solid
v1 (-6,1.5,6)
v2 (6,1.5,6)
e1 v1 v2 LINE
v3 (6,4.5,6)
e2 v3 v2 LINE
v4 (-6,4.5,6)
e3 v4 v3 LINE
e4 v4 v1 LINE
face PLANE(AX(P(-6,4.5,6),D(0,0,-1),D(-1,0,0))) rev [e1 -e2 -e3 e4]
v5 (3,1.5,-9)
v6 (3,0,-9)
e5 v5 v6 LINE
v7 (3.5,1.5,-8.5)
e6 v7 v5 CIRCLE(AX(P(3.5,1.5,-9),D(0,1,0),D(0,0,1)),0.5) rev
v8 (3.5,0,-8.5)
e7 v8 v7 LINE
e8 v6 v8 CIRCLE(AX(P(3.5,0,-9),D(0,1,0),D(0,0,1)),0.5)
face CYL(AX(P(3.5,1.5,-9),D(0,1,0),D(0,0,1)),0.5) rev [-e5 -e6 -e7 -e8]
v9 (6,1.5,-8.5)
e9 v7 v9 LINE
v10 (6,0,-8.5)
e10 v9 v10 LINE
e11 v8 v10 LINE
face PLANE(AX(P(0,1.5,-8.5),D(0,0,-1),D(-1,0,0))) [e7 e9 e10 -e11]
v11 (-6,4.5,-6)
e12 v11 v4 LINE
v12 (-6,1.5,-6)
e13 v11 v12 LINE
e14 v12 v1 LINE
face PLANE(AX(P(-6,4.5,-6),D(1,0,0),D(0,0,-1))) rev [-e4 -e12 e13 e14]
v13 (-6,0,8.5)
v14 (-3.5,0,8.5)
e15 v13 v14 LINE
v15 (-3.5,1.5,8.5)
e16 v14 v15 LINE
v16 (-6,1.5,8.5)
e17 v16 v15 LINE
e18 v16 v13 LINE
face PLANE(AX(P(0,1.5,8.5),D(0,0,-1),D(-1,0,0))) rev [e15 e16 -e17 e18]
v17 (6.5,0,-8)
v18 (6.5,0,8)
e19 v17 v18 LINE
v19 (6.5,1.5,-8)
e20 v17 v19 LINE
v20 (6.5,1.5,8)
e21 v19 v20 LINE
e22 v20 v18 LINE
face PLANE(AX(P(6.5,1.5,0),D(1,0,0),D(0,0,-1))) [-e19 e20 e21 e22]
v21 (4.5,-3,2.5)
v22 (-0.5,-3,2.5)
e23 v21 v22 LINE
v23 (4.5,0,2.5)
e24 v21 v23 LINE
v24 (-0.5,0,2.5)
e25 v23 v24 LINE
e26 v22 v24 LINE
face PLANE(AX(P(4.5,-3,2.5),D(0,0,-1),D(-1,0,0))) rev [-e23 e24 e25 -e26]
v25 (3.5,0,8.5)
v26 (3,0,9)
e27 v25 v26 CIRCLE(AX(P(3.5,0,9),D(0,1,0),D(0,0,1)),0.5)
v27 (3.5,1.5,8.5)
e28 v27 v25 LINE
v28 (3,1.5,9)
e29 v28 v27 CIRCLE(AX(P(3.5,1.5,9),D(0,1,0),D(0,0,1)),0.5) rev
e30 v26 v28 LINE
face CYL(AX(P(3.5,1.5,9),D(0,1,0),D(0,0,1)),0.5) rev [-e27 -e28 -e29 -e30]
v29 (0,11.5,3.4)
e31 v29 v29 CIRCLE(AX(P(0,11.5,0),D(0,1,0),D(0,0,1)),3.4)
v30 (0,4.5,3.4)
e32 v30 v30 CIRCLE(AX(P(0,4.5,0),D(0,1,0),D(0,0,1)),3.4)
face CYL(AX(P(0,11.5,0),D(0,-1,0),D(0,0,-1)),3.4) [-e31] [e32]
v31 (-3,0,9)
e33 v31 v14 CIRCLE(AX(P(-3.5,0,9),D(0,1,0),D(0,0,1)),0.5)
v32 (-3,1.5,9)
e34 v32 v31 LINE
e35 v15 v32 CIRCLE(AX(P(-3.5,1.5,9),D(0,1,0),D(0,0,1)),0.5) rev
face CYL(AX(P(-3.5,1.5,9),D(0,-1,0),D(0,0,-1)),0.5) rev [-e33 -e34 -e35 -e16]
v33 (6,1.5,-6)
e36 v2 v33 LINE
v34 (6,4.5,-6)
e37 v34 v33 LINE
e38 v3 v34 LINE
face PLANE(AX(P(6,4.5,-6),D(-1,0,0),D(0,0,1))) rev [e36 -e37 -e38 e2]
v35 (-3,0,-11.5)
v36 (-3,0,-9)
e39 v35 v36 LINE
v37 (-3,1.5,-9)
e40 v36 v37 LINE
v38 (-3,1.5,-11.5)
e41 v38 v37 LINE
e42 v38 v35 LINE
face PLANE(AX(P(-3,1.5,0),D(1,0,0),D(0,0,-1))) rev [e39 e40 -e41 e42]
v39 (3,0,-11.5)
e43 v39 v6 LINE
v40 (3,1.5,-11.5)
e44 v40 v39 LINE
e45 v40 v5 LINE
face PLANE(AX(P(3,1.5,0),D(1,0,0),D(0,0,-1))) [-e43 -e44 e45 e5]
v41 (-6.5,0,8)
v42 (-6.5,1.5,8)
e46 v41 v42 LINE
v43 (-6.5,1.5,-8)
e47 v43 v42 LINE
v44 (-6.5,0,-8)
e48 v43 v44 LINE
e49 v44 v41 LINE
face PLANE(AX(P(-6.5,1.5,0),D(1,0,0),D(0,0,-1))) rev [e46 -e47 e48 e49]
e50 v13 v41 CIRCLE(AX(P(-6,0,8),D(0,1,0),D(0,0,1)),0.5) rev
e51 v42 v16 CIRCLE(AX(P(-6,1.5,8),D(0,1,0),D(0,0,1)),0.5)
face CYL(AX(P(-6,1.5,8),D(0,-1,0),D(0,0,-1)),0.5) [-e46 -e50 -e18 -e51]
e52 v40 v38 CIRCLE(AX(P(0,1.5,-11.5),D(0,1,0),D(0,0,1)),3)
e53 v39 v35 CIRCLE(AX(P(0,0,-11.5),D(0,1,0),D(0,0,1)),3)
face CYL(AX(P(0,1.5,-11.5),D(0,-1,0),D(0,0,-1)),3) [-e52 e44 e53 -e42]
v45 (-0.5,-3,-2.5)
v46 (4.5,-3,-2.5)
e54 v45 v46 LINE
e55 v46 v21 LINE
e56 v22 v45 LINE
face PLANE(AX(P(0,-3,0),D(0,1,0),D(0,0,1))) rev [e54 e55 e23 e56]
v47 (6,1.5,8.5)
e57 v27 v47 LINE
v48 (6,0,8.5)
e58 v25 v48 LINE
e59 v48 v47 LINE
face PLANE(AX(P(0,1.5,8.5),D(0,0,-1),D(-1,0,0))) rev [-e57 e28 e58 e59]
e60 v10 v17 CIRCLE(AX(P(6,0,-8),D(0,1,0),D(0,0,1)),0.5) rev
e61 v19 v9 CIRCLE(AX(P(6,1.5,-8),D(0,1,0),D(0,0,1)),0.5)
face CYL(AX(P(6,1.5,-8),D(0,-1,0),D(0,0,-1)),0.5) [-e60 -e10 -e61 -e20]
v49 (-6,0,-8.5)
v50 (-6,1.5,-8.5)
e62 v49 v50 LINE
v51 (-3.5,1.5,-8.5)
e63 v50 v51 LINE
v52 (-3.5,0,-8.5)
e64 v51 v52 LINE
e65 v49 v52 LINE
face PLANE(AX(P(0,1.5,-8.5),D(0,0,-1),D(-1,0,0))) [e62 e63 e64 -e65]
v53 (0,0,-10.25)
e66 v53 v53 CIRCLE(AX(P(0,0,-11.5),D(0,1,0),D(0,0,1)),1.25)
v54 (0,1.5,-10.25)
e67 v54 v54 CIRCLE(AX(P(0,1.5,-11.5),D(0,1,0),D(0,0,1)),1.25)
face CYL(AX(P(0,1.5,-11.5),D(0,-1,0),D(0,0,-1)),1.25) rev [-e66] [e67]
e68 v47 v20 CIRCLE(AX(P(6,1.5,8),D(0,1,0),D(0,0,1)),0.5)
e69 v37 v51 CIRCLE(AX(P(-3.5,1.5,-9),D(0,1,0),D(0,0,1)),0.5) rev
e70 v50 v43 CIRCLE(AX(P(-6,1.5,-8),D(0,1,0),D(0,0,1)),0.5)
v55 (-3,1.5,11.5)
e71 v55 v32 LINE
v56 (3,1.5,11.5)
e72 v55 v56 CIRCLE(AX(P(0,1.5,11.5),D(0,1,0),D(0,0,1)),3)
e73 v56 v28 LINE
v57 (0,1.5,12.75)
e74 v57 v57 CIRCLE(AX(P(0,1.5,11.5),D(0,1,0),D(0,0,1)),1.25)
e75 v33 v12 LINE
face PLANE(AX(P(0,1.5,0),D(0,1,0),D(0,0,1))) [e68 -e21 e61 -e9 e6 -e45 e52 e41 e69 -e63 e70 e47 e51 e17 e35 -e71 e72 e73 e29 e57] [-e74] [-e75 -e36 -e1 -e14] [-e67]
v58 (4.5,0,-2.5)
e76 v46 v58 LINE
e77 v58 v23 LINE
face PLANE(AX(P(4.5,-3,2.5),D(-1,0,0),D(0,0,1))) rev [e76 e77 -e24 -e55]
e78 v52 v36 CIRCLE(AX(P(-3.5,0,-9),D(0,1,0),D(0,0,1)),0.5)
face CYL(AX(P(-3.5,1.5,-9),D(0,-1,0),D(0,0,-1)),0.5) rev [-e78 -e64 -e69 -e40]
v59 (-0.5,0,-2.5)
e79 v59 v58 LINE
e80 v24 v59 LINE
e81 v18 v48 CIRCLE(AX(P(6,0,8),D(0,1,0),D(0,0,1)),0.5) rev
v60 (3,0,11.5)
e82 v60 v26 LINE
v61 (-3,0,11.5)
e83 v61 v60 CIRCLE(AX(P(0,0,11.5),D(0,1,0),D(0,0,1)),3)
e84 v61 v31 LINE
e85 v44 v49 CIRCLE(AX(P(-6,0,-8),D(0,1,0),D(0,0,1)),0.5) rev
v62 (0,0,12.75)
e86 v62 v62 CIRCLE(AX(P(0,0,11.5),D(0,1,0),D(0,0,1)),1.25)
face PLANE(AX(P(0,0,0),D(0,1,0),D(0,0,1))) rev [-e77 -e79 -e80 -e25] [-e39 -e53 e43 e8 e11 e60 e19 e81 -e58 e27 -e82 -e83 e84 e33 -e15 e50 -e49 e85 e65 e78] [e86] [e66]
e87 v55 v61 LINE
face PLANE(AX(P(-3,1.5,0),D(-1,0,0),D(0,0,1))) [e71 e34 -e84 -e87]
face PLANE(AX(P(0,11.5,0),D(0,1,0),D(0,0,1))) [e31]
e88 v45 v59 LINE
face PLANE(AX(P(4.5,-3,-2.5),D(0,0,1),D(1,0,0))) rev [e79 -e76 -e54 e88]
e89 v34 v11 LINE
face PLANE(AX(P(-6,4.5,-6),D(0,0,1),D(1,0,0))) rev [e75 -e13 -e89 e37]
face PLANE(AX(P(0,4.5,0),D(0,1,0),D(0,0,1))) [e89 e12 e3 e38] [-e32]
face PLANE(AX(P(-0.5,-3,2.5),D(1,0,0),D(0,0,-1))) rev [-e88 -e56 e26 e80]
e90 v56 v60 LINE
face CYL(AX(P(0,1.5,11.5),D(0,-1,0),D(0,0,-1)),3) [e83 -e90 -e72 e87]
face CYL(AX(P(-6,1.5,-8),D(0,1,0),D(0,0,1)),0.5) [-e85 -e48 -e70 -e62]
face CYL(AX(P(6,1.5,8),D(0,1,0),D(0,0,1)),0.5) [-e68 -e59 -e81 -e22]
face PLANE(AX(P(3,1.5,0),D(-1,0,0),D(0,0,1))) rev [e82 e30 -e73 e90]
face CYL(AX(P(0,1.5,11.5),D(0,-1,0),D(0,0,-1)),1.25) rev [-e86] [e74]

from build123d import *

# Parameters (mm, degrees)
SKETCH_1_R      = 1.25
PCB_DEPTH       = 1.5
SKETCH_6_W      = 5
SKETCH_6_H      = 5
EXTRUDE_2_DEPTH = 3
SKETCH_3_W      = 12
SKETCH_3_H      = 12
BUTTON_DEPTH    = 3
SKETCH_7_R      = 3.4
EXTRUDE_3_DEPTH = 7
FILLET_1_R      = 0.5


with BuildPart() as part:
    # 草图1 → 凸台-拉伸-PCB板 (new body)
    with BuildSketch(Plane(origin=(0, 0, 0), x_dir=(1, 0, 0), z_dir=(0, 1, 0))):
        with BuildLine():
            Line((-3, -8.5), (-3, -11.5))
            ThreePointArc((-3, -11.5), (0, -14.5), (3, -11.5))
            Line((3, -11.5), (3, -8.5))
            Line((3, -8.5), (6.5, -8.5))
            Line((6.5, -8.5), (6.5, 8.5))
            Line((6.5, 8.5), (3, 8.5))
            Line((3, 8.5), (3, 11.5))
            ThreePointArc((3, 11.5), (0, 14.5), (-3, 11.5))
            Line((-3, 11.5), (-3, 8.5))
            Line((-3, 8.5), (-6.5, 8.5))
            Line((-6.5, 8.5), (-6.5, -8.5))
            Line((-6.5, -8.5), (-3, -8.5))
        make_face()
        with Locations((0, -11.5)):
            Circle(SKETCH_1_R, mode=Mode.SUBTRACT)
        with Locations((0, 11.5)):
            Circle(SKETCH_1_R, mode=Mode.SUBTRACT)
    extrude(amount=PCB_DEPTH)

    # 草图6 → 凸台-拉伸2 (add)
    with BuildSketch(Plane.XZ):
        with Locations((2, 0)):
            Rectangle(SKETCH_6_W, SKETCH_6_H)
    extrude(amount=EXTRUDE_2_DEPTH)

    # 草图3 → 凸台-拉伸-Button-底座 (add)
    with BuildSketch(Plane(origin=(0, 1.5, 0), x_dir=(1, 0, 0), z_dir=(0, 1, 0))):
        Rectangle(SKETCH_3_W, SKETCH_3_H)
    extrude(amount=BUTTON_DEPTH)

    # 草图7 → 凸台-拉伸3 (add)
    with BuildSketch(Plane(origin=(0, 4.5, 0), x_dir=(1, 0, 0), z_dir=(0, 1, 0))):
        Circle(SKETCH_7_R)
    extrude(amount=EXTRUDE_3_DEPTH)

    # 圆角1
    fillet_1_edges = [part.edges().sort_by_distance(p)[0] for p in [
        (-3, 0.75, 8.5),
        (-6.5, 0.75, 8.5),
        (-6.5, 0.75, -8.5),
        (-3, 0.75, -8.5),
        (3, 0.75, -8.5),
        (6.5, 0.75, -8.5),
        (6.5, 0.75, 8.5),
        (3, 0.75, 8.5),
    ]]
    fillet(fillet_1_edges, radius=FILLET_1_R)


solid = part.part
